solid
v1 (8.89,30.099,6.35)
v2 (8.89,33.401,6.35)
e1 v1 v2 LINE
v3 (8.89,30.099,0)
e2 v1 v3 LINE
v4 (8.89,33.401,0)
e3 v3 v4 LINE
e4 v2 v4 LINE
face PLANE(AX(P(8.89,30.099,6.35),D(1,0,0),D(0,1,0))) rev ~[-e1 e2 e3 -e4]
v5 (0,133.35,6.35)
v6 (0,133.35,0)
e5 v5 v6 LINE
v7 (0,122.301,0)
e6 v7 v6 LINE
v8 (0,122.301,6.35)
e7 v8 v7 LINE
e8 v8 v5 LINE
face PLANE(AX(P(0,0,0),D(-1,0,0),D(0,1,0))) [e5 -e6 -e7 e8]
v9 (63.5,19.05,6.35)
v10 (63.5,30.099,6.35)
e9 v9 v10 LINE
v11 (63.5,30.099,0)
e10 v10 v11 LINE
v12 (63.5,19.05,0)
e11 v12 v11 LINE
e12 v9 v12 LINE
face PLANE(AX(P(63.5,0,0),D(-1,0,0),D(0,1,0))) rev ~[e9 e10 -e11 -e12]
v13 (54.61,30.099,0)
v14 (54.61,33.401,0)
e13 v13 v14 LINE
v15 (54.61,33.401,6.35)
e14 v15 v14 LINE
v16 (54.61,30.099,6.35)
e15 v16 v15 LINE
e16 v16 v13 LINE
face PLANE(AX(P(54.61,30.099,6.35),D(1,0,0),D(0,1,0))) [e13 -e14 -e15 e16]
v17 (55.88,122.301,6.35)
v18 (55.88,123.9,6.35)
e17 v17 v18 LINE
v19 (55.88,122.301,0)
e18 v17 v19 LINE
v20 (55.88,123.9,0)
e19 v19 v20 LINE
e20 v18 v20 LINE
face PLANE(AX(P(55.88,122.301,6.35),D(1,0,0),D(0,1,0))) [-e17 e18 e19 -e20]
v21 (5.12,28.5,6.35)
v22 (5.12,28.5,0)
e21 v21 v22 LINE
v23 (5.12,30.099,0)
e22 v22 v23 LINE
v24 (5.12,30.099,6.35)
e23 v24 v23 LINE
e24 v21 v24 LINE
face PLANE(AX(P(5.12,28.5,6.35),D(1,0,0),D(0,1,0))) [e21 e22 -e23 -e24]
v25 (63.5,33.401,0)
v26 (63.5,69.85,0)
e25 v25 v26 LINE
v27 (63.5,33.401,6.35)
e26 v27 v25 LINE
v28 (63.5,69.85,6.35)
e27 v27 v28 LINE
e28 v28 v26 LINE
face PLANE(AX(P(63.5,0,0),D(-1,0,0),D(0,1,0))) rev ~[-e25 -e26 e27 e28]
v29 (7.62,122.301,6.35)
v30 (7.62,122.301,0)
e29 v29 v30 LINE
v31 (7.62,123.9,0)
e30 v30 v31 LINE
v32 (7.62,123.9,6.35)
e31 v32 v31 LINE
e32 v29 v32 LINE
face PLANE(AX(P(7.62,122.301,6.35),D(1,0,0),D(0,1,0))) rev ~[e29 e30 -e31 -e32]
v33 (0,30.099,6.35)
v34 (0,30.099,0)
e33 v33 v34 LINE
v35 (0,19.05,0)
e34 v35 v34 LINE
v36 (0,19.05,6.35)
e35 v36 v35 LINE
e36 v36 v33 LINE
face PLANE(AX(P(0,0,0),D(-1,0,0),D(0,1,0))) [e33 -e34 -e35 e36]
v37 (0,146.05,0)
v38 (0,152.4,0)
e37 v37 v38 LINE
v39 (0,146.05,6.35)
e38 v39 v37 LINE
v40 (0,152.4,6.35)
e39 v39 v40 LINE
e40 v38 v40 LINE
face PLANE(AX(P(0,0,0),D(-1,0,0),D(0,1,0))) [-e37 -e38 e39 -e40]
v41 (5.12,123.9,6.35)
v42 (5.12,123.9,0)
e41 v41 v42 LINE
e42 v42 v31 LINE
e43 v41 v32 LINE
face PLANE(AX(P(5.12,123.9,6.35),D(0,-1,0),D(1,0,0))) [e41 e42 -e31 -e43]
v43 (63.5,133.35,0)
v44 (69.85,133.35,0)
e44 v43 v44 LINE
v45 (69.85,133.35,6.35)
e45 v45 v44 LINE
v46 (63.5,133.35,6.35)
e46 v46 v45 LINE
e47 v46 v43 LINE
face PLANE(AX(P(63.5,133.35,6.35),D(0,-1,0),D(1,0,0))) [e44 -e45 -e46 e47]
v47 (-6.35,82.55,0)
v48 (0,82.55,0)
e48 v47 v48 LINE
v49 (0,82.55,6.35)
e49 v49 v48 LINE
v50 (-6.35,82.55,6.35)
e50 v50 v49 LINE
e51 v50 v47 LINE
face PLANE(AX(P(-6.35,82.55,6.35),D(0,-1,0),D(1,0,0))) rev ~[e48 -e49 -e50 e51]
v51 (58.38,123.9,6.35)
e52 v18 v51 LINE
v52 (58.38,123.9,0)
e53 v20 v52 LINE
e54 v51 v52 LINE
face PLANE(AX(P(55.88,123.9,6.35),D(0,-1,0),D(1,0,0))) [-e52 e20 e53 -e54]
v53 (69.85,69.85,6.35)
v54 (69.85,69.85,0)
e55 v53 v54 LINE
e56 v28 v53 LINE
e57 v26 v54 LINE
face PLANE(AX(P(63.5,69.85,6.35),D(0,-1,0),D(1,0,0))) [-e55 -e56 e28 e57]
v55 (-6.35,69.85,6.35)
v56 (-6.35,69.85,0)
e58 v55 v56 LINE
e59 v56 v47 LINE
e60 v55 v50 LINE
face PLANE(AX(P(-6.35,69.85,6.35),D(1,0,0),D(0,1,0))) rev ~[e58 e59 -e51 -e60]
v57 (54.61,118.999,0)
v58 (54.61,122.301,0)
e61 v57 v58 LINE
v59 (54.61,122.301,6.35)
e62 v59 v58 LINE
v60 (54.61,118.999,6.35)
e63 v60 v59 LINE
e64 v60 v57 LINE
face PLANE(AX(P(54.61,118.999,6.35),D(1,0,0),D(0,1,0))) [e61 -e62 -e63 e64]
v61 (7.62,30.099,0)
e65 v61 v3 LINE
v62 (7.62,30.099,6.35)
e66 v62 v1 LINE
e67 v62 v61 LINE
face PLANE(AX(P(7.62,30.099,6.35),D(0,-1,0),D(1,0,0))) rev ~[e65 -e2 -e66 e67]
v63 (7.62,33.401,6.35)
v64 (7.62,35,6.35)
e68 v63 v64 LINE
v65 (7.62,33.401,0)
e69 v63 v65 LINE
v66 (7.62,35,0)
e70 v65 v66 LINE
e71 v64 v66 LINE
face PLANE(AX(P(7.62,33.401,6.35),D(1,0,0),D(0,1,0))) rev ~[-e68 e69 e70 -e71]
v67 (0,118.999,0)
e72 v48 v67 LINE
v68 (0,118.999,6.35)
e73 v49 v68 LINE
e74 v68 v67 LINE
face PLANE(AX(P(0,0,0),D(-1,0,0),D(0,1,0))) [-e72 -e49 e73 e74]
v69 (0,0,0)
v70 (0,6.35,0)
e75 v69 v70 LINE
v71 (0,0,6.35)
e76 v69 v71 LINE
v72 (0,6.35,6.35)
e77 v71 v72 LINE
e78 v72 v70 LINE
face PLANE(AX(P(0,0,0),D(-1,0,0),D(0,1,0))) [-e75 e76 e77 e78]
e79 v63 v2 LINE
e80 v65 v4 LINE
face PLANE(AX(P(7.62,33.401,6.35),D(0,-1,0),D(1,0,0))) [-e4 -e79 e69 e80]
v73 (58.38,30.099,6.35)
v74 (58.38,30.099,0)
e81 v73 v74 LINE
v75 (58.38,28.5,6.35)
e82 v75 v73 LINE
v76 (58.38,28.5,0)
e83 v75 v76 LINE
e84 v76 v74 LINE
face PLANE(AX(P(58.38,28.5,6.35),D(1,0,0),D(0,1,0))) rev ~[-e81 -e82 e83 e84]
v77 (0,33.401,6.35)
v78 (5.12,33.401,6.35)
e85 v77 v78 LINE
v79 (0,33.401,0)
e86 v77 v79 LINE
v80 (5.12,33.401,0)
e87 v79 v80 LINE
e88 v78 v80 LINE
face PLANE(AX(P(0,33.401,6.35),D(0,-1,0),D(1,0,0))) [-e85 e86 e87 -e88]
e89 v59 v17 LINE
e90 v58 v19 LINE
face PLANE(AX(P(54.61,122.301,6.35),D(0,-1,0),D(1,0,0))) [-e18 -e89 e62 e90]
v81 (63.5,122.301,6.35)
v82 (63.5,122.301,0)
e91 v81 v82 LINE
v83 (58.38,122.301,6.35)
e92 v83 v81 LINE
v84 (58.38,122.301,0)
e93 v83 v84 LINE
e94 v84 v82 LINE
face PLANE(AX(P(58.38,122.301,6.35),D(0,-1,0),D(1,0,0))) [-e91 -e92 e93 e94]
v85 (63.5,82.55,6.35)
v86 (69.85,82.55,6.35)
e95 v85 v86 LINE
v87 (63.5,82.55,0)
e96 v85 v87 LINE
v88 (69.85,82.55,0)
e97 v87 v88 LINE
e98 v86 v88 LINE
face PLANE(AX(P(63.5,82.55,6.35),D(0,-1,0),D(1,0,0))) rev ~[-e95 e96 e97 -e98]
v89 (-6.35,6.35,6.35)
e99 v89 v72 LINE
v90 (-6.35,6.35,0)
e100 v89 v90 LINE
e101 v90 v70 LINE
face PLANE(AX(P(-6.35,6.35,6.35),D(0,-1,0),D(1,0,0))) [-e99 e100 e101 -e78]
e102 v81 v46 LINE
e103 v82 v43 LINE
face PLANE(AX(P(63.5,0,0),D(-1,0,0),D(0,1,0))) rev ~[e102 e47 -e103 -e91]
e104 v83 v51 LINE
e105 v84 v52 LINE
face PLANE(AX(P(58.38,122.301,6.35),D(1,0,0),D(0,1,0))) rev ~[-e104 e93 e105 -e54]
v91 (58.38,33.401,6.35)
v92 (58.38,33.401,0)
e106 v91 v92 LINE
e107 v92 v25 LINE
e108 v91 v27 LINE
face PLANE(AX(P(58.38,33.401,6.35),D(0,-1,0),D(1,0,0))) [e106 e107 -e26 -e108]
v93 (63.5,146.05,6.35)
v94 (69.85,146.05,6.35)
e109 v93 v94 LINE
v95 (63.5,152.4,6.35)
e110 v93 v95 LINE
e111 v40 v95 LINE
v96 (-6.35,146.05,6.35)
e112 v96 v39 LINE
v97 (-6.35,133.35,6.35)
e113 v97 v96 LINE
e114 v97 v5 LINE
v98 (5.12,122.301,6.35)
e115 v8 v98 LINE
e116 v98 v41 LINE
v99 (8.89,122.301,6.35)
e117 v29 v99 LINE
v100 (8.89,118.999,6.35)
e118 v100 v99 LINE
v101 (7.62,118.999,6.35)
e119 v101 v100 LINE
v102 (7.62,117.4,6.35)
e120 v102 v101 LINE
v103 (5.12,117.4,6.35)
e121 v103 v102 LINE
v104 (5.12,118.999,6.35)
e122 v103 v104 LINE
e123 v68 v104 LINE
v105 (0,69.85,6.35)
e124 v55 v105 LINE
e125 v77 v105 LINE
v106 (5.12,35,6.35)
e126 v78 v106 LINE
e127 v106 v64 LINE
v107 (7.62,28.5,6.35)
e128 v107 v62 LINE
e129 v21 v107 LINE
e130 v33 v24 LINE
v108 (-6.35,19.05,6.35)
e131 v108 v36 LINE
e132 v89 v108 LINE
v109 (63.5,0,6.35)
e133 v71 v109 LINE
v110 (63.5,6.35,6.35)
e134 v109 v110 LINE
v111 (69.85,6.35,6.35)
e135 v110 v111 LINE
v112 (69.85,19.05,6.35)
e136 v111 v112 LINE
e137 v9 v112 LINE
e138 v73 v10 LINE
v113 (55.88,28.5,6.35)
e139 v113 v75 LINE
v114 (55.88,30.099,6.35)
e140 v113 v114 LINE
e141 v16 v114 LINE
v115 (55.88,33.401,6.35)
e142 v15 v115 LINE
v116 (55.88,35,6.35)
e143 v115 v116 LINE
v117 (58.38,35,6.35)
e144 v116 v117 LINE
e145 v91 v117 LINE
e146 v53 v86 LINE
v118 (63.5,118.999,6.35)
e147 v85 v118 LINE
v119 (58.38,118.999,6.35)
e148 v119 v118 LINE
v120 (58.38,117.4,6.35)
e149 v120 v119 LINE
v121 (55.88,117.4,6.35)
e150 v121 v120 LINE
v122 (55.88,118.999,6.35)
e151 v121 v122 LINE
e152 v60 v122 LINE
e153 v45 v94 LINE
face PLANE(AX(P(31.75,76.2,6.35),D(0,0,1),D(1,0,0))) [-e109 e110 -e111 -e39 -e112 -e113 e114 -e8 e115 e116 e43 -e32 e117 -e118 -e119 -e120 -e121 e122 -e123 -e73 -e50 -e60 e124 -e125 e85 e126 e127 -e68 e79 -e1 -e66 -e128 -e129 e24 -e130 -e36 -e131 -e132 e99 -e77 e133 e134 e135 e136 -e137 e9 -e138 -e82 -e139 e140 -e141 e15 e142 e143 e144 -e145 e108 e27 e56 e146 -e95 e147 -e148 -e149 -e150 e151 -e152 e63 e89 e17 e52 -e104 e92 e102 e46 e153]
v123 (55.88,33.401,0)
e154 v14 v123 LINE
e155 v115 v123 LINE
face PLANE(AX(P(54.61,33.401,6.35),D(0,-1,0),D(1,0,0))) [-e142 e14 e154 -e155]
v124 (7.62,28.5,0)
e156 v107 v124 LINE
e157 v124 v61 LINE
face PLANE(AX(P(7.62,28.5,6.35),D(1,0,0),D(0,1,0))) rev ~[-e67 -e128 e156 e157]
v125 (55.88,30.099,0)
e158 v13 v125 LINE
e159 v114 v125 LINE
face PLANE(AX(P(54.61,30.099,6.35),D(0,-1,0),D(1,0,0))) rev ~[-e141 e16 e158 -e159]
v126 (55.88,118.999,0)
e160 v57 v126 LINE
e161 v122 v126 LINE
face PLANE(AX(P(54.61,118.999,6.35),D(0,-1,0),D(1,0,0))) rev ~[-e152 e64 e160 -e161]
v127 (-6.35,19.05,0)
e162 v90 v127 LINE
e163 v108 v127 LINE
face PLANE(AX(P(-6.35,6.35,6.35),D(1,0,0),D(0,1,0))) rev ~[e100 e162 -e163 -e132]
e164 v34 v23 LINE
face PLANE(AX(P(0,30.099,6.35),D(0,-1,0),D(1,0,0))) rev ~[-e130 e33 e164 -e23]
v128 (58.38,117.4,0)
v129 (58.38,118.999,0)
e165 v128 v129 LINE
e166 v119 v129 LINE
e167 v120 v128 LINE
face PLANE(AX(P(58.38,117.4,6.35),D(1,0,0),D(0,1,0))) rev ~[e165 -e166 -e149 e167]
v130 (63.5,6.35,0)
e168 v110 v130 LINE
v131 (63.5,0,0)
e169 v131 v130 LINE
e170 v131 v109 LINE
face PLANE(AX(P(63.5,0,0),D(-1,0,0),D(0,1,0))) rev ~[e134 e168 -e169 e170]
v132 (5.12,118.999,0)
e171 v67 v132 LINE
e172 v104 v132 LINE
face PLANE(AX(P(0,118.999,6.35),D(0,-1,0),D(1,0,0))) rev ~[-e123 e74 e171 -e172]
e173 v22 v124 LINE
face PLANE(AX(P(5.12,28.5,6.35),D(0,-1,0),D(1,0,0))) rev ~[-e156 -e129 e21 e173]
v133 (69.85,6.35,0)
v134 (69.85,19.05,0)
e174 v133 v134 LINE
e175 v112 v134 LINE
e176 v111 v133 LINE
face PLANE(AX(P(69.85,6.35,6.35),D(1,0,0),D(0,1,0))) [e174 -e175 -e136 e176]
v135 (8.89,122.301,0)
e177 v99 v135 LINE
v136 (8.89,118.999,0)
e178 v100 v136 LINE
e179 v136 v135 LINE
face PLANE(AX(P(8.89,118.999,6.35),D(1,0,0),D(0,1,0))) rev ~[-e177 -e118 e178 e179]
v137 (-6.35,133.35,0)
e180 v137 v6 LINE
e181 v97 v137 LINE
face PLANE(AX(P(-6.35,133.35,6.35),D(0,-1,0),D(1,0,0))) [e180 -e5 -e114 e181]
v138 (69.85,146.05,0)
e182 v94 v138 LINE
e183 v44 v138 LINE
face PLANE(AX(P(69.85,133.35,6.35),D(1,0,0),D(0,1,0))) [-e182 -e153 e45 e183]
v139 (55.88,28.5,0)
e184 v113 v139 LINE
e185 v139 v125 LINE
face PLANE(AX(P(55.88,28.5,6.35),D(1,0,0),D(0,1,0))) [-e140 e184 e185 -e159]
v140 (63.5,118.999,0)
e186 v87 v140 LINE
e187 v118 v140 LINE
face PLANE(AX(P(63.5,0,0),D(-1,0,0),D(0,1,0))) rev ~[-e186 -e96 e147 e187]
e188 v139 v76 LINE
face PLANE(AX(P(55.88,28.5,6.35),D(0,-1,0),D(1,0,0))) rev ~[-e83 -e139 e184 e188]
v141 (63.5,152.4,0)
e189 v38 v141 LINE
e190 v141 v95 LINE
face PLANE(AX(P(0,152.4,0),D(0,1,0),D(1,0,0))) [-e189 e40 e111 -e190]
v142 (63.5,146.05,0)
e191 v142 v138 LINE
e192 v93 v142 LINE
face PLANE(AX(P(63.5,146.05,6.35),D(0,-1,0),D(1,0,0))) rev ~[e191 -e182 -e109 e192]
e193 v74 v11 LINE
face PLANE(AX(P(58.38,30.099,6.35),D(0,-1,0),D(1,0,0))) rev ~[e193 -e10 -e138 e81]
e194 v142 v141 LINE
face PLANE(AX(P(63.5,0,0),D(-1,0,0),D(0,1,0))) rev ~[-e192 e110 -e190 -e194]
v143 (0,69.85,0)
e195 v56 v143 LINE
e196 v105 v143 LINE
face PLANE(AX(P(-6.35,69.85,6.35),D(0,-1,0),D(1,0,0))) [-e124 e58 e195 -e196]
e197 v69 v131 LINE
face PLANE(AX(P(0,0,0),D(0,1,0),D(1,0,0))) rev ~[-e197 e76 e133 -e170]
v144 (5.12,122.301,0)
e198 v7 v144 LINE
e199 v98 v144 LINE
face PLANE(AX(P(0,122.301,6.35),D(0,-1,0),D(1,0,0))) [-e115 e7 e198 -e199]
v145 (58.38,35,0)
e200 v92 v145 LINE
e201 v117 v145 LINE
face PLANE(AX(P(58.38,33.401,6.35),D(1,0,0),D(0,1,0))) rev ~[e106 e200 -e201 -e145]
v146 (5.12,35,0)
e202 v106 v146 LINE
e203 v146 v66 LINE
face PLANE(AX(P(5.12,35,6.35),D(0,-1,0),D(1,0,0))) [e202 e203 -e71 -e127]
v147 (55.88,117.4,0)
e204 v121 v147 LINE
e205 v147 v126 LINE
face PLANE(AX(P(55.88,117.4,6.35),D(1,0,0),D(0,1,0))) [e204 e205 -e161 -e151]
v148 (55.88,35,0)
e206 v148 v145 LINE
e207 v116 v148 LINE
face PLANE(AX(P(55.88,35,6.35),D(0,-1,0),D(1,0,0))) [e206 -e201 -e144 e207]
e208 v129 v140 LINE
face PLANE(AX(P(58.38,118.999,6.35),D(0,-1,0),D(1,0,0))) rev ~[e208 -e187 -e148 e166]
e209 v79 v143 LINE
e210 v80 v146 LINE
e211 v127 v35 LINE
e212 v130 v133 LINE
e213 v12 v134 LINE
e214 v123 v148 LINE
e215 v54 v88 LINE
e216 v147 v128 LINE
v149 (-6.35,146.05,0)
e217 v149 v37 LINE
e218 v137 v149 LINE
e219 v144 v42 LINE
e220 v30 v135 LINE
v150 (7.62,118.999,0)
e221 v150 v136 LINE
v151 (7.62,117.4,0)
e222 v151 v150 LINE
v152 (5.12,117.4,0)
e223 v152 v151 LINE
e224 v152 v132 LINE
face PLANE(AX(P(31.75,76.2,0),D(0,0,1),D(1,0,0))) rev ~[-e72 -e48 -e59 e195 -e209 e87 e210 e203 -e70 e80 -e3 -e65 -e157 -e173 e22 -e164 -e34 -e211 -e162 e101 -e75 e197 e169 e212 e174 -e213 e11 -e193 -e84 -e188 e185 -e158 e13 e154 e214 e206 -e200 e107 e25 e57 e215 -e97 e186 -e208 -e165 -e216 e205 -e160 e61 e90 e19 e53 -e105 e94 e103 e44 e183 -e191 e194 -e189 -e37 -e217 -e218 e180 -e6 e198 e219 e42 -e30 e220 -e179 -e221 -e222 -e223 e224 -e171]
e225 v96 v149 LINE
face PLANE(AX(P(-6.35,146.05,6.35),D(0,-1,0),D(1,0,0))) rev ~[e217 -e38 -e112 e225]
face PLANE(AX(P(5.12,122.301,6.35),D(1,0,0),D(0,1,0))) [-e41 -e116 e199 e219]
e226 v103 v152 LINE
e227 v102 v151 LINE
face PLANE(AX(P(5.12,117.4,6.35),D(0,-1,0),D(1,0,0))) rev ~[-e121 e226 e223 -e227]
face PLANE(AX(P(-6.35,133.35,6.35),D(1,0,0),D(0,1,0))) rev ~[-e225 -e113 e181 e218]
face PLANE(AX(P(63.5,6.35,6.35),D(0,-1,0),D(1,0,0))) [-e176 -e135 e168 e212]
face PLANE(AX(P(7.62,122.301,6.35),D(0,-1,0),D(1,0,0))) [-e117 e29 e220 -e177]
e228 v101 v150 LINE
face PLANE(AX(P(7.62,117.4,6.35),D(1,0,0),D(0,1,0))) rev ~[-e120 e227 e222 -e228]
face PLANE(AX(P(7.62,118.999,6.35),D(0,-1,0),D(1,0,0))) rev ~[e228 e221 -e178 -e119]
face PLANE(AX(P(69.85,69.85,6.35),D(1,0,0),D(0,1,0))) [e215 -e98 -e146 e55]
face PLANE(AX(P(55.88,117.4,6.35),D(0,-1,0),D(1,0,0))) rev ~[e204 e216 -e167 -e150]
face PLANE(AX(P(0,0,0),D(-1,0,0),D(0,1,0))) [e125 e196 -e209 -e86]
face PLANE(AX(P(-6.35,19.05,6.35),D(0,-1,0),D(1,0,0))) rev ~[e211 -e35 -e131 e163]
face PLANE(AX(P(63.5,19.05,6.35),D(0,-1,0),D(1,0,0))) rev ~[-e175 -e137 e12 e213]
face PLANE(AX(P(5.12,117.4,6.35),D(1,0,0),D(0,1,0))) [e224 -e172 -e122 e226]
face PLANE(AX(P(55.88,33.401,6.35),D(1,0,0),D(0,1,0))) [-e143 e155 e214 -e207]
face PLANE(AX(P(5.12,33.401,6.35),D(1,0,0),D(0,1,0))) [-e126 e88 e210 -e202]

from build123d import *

# Parameters (mm, degrees)
SKETCH1_W           = 63.5
SKETCH1_H           = 152.4
BOSS_EXTRUDE1_DEPTH = 6.35
SKETCH2_W           = 6.35
SKETCH2_H           = 12.7
BOSS_EXTRUDE3_DEPTH = 6.35
SKETCH4_W           = 8.89
SKETCH4_H           = 3.302
SKETCH4_W_2         = 2.5
SKETCH4_H_2         = 6.5
CUT_EXTRUDE4_DEPTH  = 6.35


with BuildPart() as part:
    # Sketch1 → Boss-Extrude1 (new body)
    with BuildSketch(Plane.XY):
        with Locations((31.75, 76.2)):
            Rectangle(SKETCH1_W, SKETCH1_H)
    extrude(amount=BOSS_EXTRUDE1_DEPTH)

    # Sketch2 → Boss-Extrude3 (add)
    with BuildSketch(Plane.XY.offset(6.35)):
        with Locations((-3.175, 76.2)):
            Rectangle(SKETCH2_W, SKETCH2_H)
        with Locations((66.675, 139.7)):
            Rectangle(SKETCH2_W, SKETCH2_H)
        with Locations((66.675, 76.2)):
            Rectangle(SKETCH2_W, SKETCH2_H)
        with Locations((66.675, 12.7)):
            Rectangle(SKETCH2_W, SKETCH2_H)
        with Locations((-3.175, 12.7)):
            Rectangle(SKETCH2_W, SKETCH2_H)
        with Locations((-3.175, 139.7)):
            Rectangle(SKETCH2_W, SKETCH2_H)
    extrude(amount=-BOSS_EXTRUDE3_DEPTH)

    # Sketch4 → Cut-Extrude4 (cut)
    with BuildSketch(Plane.XY.offset(6.35)):
        with Locations((4.445, 120.65)):
            Rectangle(SKETCH4_W, SKETCH4_H)
        with Locations((6.37, 120.65)):
            Rectangle(SKETCH4_W_2, SKETCH4_H_2)
        with Locations((6.37, 31.75)):
            Rectangle(SKETCH4_W_2, SKETCH4_H_2)
        with Locations((4.445, 31.75)):
            Rectangle(SKETCH4_W, SKETCH4_H)
        with Locations((59.055, 31.75)):
            Rectangle(SKETCH4_W, SKETCH4_H)
        with Locations((57.13, 31.75)):
            Rectangle(SKETCH4_W_2, SKETCH4_H_2)
        with Locations((57.13, 120.65)):
            Rectangle(SKETCH4_W_2, SKETCH4_H_2)
        with Locations((59.055, 120.65)):
            Rectangle(SKETCH4_W, SKETCH4_H)
    extrude(amount=-CUT_EXTRUDE4_DEPTH, mode=Mode.SUBTRACT)


solid = part.part
